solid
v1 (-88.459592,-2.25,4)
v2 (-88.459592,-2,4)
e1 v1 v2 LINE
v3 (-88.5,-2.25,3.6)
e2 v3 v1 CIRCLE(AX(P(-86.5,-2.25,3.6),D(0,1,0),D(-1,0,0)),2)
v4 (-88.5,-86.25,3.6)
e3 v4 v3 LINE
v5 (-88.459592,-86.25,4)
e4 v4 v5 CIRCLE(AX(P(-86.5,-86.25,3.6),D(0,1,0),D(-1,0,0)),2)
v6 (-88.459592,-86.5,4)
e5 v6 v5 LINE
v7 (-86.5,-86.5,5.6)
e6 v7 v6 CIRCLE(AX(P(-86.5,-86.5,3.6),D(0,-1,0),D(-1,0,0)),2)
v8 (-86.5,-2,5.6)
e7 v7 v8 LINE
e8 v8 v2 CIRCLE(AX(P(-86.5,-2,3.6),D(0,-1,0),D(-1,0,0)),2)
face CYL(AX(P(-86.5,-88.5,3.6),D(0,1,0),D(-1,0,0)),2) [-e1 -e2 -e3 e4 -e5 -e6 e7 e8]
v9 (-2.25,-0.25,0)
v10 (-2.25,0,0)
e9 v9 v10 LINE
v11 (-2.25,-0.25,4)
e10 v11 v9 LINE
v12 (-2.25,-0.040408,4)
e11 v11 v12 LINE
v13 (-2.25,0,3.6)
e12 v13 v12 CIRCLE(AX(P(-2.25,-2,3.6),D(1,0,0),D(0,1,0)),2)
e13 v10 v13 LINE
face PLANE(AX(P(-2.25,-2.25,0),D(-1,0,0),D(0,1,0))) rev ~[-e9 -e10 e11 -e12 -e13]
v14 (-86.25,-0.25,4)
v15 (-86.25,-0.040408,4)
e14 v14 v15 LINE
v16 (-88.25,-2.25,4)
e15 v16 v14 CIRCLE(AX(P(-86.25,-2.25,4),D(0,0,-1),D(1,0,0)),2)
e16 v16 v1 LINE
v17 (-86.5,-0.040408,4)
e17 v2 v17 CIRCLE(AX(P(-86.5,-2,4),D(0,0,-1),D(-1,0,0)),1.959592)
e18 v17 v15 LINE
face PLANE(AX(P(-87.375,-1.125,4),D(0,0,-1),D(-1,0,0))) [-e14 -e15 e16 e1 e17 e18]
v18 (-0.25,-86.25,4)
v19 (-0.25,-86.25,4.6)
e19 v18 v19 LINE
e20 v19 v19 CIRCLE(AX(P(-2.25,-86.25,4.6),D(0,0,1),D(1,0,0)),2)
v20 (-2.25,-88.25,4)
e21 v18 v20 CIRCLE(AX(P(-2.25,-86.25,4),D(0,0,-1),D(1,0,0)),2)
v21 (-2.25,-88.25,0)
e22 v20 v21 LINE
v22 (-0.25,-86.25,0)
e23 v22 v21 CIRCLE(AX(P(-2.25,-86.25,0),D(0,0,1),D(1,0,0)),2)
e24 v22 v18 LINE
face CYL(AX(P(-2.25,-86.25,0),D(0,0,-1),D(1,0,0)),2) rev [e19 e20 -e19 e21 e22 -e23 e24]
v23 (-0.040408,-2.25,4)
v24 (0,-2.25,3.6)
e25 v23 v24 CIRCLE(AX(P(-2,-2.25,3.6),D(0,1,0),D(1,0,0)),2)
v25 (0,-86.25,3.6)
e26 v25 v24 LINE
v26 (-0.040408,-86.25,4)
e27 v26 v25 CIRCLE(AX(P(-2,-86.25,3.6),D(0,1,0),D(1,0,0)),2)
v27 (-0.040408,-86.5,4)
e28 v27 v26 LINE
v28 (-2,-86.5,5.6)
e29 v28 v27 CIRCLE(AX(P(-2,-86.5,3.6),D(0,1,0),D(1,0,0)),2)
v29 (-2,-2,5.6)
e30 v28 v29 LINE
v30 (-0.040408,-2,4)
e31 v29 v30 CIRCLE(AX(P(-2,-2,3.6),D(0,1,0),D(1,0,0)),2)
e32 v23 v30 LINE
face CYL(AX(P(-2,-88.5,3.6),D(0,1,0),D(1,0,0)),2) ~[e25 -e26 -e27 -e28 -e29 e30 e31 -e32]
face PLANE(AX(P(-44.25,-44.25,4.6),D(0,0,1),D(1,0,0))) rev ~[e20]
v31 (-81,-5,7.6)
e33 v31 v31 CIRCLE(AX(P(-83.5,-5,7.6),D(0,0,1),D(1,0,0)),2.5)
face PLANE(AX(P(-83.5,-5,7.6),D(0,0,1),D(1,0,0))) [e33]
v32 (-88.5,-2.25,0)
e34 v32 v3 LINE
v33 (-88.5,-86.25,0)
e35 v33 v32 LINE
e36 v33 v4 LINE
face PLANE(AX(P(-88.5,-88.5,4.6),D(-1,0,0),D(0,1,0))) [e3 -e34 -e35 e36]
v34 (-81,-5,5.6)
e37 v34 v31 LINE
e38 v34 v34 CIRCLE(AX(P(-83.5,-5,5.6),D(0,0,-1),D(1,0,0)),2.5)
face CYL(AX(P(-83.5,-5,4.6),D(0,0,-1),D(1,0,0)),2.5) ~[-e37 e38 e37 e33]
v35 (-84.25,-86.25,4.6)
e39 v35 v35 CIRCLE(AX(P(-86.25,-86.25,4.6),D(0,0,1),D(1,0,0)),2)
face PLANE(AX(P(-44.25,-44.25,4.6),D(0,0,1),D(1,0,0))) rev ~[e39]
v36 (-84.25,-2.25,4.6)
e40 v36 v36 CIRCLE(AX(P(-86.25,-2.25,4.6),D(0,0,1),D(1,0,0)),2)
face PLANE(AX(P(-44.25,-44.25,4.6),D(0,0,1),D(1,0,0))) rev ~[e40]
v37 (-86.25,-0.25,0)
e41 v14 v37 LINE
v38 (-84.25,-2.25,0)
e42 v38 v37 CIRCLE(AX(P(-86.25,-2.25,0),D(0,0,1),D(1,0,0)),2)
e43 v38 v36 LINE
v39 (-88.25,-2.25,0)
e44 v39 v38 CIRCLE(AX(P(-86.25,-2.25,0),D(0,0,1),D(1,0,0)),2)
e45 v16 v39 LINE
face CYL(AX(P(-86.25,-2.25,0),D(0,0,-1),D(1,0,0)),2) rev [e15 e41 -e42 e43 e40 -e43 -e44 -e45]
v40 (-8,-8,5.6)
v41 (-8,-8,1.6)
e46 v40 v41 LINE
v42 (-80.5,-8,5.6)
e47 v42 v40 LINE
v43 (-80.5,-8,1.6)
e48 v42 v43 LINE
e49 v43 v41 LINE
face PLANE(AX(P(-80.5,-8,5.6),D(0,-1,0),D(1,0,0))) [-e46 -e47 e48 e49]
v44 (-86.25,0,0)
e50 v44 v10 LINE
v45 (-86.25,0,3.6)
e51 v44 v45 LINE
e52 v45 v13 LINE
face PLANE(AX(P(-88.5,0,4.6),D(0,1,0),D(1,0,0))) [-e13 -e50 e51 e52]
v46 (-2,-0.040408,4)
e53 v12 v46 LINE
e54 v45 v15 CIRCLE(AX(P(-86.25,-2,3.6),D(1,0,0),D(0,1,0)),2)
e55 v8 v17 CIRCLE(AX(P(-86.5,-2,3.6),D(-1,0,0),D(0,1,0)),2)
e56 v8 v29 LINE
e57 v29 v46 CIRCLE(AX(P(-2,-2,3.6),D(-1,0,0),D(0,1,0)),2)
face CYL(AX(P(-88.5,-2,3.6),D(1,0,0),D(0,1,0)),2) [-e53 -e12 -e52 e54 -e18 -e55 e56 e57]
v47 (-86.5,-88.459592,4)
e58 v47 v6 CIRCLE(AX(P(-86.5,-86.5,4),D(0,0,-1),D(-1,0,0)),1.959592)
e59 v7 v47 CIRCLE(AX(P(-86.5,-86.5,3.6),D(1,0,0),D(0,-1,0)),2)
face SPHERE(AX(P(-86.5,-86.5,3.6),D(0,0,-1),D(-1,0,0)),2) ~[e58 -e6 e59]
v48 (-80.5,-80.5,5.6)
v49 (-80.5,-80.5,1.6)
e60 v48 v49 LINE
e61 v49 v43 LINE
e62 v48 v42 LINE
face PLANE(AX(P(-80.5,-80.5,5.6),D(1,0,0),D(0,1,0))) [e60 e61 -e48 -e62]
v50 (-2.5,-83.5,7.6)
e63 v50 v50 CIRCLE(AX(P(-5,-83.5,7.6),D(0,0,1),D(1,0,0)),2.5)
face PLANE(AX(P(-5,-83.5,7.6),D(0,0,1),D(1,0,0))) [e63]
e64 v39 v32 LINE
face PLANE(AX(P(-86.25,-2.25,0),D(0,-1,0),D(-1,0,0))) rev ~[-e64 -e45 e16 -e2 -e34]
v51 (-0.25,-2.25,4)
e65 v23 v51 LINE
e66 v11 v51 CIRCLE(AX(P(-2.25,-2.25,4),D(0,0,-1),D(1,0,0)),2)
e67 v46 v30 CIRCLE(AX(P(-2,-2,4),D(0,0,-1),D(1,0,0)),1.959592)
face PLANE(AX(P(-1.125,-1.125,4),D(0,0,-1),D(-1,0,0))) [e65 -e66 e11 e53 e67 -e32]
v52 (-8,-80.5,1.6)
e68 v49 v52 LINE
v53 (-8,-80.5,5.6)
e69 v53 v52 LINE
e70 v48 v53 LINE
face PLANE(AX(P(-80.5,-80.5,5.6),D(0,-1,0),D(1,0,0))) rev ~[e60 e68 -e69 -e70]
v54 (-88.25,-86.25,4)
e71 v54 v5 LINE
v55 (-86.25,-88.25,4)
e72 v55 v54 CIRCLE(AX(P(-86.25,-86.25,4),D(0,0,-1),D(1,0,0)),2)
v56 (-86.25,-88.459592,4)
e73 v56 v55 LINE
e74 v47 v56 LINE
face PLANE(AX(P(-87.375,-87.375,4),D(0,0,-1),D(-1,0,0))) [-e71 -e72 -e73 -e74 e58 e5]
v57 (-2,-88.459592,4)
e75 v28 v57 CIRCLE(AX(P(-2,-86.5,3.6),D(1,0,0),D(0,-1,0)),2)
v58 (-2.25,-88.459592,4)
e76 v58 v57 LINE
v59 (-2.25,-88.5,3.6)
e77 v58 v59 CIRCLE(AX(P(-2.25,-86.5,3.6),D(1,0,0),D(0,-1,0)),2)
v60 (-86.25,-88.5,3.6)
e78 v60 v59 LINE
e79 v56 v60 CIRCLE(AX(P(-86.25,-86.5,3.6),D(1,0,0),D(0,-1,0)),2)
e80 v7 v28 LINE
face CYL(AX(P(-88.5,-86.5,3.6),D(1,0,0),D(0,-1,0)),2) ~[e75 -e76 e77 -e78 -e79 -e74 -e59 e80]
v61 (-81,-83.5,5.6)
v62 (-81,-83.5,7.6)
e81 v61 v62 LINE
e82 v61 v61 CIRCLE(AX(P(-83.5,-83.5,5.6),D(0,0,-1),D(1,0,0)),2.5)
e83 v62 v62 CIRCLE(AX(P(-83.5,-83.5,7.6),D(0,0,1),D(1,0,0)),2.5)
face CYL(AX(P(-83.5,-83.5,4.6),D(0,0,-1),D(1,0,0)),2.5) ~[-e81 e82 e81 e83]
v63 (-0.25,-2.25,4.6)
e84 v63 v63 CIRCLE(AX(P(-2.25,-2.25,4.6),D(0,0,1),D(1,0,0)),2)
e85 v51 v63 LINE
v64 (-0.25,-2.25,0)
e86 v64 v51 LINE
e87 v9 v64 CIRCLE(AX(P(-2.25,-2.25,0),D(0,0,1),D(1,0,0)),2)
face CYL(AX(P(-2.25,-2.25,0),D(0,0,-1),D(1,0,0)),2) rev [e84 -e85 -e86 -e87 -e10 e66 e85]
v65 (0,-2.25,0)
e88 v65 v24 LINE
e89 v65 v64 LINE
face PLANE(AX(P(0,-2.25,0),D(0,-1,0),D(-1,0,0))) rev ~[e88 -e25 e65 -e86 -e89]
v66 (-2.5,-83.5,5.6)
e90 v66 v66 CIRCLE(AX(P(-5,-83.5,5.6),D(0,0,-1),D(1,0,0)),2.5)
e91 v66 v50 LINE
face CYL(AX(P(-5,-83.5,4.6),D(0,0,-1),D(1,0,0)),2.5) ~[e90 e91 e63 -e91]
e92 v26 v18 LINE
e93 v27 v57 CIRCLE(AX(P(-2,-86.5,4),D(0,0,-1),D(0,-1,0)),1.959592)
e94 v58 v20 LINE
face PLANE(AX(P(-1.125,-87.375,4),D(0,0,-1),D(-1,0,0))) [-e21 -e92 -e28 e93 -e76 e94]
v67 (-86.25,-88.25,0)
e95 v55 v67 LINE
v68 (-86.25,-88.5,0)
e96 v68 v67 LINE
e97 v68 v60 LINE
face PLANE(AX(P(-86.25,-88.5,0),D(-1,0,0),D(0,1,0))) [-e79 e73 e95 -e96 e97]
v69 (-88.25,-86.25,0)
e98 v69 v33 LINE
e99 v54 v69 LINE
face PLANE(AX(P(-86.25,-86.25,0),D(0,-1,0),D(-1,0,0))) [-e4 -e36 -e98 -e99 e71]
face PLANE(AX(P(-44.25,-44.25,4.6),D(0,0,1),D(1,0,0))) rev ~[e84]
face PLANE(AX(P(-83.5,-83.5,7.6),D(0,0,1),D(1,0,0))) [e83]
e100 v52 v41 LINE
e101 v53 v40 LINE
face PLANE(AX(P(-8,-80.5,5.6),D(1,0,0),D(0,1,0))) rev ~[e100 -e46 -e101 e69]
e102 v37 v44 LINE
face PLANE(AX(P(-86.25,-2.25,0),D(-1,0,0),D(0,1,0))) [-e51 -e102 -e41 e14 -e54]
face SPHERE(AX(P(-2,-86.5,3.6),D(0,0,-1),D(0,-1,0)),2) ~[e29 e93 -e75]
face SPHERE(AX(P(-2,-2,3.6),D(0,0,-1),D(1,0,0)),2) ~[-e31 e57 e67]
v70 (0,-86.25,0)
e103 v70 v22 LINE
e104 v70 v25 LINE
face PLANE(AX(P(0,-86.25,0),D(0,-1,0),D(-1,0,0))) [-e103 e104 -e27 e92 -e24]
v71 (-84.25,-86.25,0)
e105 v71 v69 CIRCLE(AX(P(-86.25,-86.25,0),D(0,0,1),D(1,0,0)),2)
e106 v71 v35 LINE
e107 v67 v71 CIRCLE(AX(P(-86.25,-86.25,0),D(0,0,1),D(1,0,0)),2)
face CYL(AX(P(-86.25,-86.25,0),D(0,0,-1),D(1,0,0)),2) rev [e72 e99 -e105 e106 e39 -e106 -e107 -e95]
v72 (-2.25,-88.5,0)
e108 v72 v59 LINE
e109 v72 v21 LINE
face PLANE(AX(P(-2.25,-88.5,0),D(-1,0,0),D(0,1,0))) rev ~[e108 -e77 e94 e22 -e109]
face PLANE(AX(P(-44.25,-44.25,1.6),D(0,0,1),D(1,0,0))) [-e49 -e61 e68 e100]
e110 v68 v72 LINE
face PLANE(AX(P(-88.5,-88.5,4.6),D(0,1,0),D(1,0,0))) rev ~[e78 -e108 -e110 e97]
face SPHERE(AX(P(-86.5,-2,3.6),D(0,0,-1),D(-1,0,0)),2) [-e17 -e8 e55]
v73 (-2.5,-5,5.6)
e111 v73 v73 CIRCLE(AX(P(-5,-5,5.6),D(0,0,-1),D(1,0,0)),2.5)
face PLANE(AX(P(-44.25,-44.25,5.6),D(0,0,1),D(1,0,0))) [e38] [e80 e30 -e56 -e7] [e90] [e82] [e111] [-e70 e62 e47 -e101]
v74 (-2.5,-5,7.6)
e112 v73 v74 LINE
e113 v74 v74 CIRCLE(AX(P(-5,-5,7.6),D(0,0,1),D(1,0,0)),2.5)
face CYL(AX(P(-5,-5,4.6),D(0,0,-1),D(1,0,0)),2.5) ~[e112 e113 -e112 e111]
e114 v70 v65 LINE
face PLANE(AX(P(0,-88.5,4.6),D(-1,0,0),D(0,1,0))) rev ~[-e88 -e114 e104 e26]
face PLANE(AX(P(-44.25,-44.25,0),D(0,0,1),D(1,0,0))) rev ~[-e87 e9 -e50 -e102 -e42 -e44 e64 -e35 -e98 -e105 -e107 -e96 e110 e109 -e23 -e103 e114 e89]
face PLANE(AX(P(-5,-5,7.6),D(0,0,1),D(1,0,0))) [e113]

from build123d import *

# Parameters (mm, degrees)
SKETCH1_W           = 88.5
SKETCH1_H           = 88.5
SKETCH1_R           = 2
BOSS_EXTRUDE1_DEPTH = 4.6
SKETCH2_R           = 2.5
BOSS_EXTRUDE2_DEPTH = 3
SKETCH3_W           = 88.5
SKETCH3_H           = 88.5
BOSS_EXTRUDE3_DEPTH = 1
FILLET1_R           = 2
SKETCH4_W           = 2.25
SKETCH4_H           = 2.25
CUT_EXTRUDE1_DEPTH  = 4
SKETCH5_W           = 72.5
SKETCH5_H           = 72.5
CUT_EXTRUDE2_DEPTH  = 4


with BuildPart() as part:
    # Sketch1 → Boss-Extrude1 (new body)
    with BuildSketch(Plane.XY):
        with Locations((-44.25, -44.25)):
            Rectangle(SKETCH1_W, SKETCH1_H)
        with Locations((-86.25, -86.25)):
            Circle(SKETCH1_R, mode=Mode.SUBTRACT)
        with Locations((-2.25, -86.25)):
            Circle(SKETCH1_R, mode=Mode.SUBTRACT)
        with Locations((-2.25, -2.25)):
            Circle(SKETCH1_R, mode=Mode.SUBTRACT)
        with Locations((-86.25, -2.25)):
            Circle(SKETCH1_R, mode=Mode.SUBTRACT)
    extrude(amount=BOSS_EXTRUDE1_DEPTH)

    # Sketch2 → Boss-Extrude2 (add)
    with BuildSketch(Plane.XY.offset(4.6)):
        with Locations((-5, -83.5)):
            Circle(SKETCH2_R)
        with Locations((-83.5, -83.5)):
            Circle(SKETCH2_R)
        with Locations((-5, -5)):
            Circle(SKETCH2_R)
        with Locations((-83.5, -5)):
            Circle(SKETCH2_R)
    extrude(amount=BOSS_EXTRUDE2_DEPTH)

    # Sketch3 → Boss-Extrude3 (add)
    with BuildSketch(Plane.XY.offset(4.6)):
        with Locations((-44.25, -44.25)):
            Rectangle(SKETCH3_W, SKETCH3_H)
    extrude(amount=BOSS_EXTRUDE3_DEPTH)

    # Fillet1
    fillet1_edges = [part.edges().sort_by_distance(p)[0] for p in [
        (0, 0, 2.8),
        (0, -88.5, 2.8),
        (-88.5, -88.5, 2.8),
        (-88.5, 0, 2.8),
        (-88.5, -44.25, 5.6),
        (-44.25, -88.5, 5.6),
        (0, -44.25, 5.6),
        (-44.25, 0, 5.6),
    ]]
    fillet(fillet1_edges, radius=FILLET1_R)

    # Sketch4 → Cut-Extrude1 (cut)
    with BuildSketch(Plane(origin=(0, 0, 0), x_dir=(-1, 0, 0), z_dir=(0, 0, -1))):
        with Locations((87.375, -87.375)):
            Rectangle(SKETCH4_W, SKETCH4_H)
        with Locations((1.125, -87.375)):
            Rectangle(SKETCH4_W, SKETCH4_H)
        with Locations((87.375, -1.125)):
            Rectangle(SKETCH4_W, SKETCH4_H)
        with Locations((1.125, -1.125)):
            Rectangle(SKETCH4_W, SKETCH4_H)
    extrude(amount=-CUT_EXTRUDE1_DEPTH, mode=Mode.SUBTRACT)

    # Sketch5 → Cut-Extrude2 (cut)
    with BuildSketch(Plane.XY.offset(5.6)):
        with Locations((-44.25, -44.25)):
            Rectangle(SKETCH5_W, SKETCH5_H)
    extrude(amount=-CUT_EXTRUDE2_DEPTH, mode=Mode.SUBTRACT)


solid = part.part
